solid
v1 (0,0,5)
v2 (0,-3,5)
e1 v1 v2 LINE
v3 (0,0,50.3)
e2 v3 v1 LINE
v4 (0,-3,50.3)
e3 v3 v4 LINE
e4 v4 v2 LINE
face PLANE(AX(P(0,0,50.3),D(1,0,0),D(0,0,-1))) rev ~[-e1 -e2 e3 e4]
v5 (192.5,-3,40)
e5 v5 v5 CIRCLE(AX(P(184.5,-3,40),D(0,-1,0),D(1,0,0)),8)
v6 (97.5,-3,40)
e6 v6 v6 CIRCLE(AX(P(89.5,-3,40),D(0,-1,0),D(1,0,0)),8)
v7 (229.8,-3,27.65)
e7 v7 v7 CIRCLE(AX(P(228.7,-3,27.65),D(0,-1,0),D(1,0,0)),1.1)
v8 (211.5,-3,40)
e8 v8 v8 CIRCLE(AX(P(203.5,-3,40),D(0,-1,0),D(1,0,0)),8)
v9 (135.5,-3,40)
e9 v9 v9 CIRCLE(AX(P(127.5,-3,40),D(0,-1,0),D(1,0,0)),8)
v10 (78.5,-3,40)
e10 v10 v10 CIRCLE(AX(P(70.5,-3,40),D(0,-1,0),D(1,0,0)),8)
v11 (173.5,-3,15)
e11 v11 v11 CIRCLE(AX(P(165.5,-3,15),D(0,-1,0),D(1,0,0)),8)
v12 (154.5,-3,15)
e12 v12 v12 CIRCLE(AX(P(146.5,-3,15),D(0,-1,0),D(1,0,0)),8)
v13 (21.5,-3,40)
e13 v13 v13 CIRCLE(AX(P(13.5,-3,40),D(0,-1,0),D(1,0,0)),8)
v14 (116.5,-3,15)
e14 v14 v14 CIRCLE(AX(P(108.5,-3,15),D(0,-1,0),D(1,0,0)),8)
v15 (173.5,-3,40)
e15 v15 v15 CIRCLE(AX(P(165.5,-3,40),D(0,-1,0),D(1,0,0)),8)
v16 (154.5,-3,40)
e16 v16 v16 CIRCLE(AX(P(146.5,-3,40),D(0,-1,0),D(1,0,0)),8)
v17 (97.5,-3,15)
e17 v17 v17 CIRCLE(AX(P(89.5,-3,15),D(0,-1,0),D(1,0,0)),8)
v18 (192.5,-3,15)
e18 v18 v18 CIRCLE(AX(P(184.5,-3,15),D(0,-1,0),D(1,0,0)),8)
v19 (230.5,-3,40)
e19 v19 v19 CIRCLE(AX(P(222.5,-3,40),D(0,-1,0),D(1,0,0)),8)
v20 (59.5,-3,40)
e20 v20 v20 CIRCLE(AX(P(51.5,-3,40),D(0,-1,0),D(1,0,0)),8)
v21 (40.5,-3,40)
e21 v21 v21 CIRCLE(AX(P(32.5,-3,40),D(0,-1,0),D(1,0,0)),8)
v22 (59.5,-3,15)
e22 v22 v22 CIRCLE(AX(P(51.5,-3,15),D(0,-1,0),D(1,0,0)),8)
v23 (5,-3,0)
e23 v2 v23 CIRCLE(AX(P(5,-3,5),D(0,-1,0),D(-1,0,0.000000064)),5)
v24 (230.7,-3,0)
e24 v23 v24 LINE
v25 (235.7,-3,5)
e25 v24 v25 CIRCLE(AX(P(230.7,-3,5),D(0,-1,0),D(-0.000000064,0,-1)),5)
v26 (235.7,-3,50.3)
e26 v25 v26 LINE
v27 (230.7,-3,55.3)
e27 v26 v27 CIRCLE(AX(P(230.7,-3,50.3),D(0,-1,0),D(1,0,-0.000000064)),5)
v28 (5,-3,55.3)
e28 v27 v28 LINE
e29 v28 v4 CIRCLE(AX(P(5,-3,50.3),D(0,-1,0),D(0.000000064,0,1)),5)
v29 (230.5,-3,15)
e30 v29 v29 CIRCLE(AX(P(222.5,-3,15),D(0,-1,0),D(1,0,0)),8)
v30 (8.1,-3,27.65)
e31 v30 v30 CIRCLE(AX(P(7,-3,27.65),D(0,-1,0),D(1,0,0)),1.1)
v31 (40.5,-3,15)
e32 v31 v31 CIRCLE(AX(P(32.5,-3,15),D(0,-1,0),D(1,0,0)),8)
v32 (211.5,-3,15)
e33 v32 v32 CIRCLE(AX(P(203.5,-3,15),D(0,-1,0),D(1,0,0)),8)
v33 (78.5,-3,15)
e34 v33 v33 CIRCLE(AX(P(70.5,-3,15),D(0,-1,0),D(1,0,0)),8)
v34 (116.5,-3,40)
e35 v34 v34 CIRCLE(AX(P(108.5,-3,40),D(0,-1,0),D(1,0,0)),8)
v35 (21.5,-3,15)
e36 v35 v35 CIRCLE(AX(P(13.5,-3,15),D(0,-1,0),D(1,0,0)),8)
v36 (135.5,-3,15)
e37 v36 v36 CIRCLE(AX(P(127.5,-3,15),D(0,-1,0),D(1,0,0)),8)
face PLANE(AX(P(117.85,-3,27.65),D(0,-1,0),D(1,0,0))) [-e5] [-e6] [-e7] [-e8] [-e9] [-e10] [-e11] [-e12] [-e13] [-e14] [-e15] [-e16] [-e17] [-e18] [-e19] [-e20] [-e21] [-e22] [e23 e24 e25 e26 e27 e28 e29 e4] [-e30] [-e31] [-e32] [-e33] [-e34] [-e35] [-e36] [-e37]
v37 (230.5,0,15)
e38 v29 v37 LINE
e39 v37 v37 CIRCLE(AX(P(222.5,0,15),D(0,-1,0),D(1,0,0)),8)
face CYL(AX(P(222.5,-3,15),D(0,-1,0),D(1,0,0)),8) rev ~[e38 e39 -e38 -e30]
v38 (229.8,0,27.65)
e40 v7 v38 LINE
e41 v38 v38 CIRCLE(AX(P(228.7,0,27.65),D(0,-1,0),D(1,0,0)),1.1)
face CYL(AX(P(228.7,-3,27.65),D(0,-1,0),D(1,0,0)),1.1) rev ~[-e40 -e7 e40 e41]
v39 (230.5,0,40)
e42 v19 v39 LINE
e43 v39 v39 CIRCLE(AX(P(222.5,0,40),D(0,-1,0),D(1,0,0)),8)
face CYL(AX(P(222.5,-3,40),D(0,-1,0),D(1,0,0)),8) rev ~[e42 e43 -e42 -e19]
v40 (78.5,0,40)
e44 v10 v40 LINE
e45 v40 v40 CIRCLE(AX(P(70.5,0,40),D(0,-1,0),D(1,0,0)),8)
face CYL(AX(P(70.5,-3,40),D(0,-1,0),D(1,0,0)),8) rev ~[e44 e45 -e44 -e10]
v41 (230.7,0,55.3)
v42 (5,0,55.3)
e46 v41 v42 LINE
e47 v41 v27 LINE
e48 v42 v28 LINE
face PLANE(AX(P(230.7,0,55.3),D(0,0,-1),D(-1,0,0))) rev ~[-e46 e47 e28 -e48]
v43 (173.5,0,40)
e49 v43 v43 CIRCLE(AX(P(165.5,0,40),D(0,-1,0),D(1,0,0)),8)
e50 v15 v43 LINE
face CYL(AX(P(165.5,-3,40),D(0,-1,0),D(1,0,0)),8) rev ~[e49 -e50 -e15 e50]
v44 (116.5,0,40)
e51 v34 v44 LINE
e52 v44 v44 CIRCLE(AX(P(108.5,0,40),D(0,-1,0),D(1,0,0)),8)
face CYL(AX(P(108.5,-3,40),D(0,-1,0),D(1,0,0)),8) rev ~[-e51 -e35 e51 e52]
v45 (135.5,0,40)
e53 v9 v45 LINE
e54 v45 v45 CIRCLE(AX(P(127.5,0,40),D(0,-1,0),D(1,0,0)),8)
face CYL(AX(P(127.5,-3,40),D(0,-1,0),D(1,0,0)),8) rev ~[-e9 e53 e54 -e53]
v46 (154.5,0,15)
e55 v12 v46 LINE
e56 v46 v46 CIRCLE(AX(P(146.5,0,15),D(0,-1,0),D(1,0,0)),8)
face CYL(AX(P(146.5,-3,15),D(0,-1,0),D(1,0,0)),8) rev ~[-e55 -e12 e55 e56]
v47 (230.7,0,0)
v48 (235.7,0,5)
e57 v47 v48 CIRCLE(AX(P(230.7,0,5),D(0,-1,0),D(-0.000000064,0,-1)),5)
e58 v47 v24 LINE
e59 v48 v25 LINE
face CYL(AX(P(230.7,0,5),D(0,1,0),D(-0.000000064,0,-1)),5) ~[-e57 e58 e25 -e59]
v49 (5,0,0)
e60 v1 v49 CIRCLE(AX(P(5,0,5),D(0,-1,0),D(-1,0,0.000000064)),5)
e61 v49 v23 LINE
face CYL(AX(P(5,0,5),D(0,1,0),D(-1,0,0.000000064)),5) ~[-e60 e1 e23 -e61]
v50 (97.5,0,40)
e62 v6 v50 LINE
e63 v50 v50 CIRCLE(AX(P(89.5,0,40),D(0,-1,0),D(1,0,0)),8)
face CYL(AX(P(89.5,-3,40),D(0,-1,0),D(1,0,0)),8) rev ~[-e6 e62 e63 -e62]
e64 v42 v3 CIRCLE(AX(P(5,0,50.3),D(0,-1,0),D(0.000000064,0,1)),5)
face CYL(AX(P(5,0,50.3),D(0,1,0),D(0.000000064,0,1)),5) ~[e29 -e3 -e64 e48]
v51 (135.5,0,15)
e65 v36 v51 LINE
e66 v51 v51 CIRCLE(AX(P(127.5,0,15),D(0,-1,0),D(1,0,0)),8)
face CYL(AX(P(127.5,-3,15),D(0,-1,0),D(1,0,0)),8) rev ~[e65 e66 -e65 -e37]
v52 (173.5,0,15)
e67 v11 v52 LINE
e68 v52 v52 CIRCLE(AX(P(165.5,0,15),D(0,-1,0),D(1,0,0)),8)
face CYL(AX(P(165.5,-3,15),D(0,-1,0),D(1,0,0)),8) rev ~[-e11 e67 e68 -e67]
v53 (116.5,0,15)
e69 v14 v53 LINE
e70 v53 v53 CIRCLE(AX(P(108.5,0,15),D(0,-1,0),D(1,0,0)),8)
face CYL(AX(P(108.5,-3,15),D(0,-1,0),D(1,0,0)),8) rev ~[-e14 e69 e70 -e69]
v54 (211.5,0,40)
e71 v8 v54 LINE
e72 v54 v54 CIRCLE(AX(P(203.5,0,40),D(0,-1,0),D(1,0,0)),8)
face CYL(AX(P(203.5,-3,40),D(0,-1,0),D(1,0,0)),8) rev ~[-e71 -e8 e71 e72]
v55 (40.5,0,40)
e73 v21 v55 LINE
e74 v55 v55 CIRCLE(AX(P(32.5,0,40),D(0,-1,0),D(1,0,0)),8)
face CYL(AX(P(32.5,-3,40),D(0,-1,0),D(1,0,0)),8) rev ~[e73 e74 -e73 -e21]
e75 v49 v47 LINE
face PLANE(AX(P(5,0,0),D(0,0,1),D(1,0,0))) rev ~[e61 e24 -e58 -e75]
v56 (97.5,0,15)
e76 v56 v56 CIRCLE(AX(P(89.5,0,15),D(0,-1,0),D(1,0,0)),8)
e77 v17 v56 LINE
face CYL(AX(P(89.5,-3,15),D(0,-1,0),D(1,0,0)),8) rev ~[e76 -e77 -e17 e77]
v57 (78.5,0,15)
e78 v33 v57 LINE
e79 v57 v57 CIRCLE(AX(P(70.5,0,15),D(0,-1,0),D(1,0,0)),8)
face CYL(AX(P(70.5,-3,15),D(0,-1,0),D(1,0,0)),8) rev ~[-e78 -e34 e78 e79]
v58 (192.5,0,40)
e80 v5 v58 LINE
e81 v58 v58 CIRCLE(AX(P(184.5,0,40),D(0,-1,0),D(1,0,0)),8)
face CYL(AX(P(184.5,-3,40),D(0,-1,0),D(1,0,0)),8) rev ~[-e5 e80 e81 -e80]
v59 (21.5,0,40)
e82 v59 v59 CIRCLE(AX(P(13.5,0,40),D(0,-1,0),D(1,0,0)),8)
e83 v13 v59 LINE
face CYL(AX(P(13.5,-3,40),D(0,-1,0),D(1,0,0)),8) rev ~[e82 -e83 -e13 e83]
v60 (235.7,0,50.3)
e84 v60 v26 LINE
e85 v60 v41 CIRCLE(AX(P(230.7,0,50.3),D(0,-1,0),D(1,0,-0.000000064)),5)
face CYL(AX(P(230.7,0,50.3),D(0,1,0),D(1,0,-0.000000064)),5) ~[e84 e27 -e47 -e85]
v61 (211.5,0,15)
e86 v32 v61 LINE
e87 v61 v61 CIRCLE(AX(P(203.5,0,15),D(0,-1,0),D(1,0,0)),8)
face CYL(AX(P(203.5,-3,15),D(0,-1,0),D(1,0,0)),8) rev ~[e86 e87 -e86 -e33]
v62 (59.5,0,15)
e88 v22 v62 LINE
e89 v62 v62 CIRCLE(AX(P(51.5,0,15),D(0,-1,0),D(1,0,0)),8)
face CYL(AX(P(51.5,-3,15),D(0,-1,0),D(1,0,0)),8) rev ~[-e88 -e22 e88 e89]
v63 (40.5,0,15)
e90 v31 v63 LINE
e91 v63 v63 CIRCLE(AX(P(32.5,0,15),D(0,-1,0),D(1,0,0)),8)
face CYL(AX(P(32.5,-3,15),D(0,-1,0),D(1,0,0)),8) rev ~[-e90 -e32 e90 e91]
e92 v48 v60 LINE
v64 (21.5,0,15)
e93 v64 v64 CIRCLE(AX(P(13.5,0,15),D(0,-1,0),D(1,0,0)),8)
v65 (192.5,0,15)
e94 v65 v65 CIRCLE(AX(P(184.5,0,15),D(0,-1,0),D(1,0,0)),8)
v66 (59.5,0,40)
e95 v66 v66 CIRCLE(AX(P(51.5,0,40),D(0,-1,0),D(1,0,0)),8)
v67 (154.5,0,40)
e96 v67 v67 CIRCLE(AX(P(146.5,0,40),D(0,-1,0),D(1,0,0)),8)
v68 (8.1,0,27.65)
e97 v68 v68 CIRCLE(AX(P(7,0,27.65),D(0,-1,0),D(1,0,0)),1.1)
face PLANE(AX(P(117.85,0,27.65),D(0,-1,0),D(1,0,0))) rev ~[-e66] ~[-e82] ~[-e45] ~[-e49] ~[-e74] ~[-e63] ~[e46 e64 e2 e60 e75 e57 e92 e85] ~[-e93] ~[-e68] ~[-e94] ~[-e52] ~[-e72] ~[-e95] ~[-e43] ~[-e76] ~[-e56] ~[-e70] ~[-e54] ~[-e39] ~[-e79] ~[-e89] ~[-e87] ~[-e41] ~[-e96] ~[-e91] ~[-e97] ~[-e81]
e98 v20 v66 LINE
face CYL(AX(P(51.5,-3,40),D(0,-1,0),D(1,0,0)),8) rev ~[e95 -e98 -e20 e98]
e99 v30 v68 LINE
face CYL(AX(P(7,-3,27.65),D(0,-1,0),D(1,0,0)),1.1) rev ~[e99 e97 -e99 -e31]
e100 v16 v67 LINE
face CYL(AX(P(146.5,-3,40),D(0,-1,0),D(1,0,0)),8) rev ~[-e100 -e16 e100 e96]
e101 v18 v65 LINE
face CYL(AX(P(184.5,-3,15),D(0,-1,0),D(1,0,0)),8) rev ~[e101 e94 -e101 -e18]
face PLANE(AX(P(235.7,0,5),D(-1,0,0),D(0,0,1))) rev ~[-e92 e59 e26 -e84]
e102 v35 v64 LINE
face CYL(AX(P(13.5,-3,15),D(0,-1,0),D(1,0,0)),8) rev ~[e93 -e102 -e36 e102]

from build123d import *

# Parameters (mm, degrees)
F1_DEPTH = 3
F2_R     = 8
F2_R_2   = 1.1
F3_DEPTH = 25


with BuildPart() as f1:
    # F0 (on Front) → F1 (new body)
    with BuildSketch(Plane.XZ):
        with BuildLine():
            ThreePointArc((0, 5), (1.464466, 1.464466), (5, 0))
            Line((5, 0), (230.7, 0))
            ThreePointArc((230.7, 0), (234.235534, 1.464466), (235.7, 5))
            Line((235.7, 5), (235.7, 50.3))
            ThreePointArc((235.7, 50.3), (234.235534, 53.835534), (230.7, 55.3))
            Line((230.7, 55.3), (5, 55.3))
            ThreePointArc((5, 55.3), (1.464466, 53.835534), (0, 50.3))
            Line((0, 50.3), (0, 5))
        make_face()
    extrude(amount=F1_DEPTH)

    # F2 (on face) → F3 (cut)
    with BuildSketch(Plane.XZ.offset(3)):
        with Locations((13.5, 15)):
            Circle(F2_R)
        with Locations((13.5, 40)):
            Circle(F2_R)
        with Locations((32.5, 15)):
            Circle(F2_R)
        with Locations((32.5, 40)):
            Circle(F2_R)
        with Locations((51.5, 15)):
            Circle(F2_R)
        with Locations((51.5, 40)):
            Circle(F2_R)
        with Locations((70.5, 15)):
            Circle(F2_R)
        with Locations((70.5, 40)):
            Circle(F2_R)
        with Locations((89.5, 15)):
            Circle(F2_R)
        with Locations((89.5, 40)):
            Circle(F2_R)
        with Locations((108.5, 15)):
            Circle(F2_R)
        with Locations((108.5, 40)):
            Circle(F2_R)
        with Locations((127.5, 15)):
            Circle(F2_R)
        with Locations((127.5, 40)):
            Circle(F2_R)
        with Locations((146.5, 15)):
            Circle(F2_R)
        with Locations((146.5, 40)):
            Circle(F2_R)
        with Locations((165.5, 15)):
            Circle(F2_R)
        with Locations((165.5, 40)):
            Circle(F2_R)
        with Locations((184.5, 15)):
            Circle(F2_R)
        with Locations((184.5, 40)):
            Circle(F2_R)
        with Locations((203.5, 15)):
            Circle(F2_R)
        with Locations((203.5, 40)):
            Circle(F2_R)
        with Locations((222.5, 15)):
            Circle(F2_R)
        with Locations((222.5, 40)):
            Circle(F2_R)
        with Locations((7, 27.65)):
            Circle(F2_R_2)
        with Locations((228.7, 27.65)):
            Circle(F2_R_2)
    extrude(amount=-F3_DEPTH, mode=Mode.SUBTRACT)


solid = f1.part
